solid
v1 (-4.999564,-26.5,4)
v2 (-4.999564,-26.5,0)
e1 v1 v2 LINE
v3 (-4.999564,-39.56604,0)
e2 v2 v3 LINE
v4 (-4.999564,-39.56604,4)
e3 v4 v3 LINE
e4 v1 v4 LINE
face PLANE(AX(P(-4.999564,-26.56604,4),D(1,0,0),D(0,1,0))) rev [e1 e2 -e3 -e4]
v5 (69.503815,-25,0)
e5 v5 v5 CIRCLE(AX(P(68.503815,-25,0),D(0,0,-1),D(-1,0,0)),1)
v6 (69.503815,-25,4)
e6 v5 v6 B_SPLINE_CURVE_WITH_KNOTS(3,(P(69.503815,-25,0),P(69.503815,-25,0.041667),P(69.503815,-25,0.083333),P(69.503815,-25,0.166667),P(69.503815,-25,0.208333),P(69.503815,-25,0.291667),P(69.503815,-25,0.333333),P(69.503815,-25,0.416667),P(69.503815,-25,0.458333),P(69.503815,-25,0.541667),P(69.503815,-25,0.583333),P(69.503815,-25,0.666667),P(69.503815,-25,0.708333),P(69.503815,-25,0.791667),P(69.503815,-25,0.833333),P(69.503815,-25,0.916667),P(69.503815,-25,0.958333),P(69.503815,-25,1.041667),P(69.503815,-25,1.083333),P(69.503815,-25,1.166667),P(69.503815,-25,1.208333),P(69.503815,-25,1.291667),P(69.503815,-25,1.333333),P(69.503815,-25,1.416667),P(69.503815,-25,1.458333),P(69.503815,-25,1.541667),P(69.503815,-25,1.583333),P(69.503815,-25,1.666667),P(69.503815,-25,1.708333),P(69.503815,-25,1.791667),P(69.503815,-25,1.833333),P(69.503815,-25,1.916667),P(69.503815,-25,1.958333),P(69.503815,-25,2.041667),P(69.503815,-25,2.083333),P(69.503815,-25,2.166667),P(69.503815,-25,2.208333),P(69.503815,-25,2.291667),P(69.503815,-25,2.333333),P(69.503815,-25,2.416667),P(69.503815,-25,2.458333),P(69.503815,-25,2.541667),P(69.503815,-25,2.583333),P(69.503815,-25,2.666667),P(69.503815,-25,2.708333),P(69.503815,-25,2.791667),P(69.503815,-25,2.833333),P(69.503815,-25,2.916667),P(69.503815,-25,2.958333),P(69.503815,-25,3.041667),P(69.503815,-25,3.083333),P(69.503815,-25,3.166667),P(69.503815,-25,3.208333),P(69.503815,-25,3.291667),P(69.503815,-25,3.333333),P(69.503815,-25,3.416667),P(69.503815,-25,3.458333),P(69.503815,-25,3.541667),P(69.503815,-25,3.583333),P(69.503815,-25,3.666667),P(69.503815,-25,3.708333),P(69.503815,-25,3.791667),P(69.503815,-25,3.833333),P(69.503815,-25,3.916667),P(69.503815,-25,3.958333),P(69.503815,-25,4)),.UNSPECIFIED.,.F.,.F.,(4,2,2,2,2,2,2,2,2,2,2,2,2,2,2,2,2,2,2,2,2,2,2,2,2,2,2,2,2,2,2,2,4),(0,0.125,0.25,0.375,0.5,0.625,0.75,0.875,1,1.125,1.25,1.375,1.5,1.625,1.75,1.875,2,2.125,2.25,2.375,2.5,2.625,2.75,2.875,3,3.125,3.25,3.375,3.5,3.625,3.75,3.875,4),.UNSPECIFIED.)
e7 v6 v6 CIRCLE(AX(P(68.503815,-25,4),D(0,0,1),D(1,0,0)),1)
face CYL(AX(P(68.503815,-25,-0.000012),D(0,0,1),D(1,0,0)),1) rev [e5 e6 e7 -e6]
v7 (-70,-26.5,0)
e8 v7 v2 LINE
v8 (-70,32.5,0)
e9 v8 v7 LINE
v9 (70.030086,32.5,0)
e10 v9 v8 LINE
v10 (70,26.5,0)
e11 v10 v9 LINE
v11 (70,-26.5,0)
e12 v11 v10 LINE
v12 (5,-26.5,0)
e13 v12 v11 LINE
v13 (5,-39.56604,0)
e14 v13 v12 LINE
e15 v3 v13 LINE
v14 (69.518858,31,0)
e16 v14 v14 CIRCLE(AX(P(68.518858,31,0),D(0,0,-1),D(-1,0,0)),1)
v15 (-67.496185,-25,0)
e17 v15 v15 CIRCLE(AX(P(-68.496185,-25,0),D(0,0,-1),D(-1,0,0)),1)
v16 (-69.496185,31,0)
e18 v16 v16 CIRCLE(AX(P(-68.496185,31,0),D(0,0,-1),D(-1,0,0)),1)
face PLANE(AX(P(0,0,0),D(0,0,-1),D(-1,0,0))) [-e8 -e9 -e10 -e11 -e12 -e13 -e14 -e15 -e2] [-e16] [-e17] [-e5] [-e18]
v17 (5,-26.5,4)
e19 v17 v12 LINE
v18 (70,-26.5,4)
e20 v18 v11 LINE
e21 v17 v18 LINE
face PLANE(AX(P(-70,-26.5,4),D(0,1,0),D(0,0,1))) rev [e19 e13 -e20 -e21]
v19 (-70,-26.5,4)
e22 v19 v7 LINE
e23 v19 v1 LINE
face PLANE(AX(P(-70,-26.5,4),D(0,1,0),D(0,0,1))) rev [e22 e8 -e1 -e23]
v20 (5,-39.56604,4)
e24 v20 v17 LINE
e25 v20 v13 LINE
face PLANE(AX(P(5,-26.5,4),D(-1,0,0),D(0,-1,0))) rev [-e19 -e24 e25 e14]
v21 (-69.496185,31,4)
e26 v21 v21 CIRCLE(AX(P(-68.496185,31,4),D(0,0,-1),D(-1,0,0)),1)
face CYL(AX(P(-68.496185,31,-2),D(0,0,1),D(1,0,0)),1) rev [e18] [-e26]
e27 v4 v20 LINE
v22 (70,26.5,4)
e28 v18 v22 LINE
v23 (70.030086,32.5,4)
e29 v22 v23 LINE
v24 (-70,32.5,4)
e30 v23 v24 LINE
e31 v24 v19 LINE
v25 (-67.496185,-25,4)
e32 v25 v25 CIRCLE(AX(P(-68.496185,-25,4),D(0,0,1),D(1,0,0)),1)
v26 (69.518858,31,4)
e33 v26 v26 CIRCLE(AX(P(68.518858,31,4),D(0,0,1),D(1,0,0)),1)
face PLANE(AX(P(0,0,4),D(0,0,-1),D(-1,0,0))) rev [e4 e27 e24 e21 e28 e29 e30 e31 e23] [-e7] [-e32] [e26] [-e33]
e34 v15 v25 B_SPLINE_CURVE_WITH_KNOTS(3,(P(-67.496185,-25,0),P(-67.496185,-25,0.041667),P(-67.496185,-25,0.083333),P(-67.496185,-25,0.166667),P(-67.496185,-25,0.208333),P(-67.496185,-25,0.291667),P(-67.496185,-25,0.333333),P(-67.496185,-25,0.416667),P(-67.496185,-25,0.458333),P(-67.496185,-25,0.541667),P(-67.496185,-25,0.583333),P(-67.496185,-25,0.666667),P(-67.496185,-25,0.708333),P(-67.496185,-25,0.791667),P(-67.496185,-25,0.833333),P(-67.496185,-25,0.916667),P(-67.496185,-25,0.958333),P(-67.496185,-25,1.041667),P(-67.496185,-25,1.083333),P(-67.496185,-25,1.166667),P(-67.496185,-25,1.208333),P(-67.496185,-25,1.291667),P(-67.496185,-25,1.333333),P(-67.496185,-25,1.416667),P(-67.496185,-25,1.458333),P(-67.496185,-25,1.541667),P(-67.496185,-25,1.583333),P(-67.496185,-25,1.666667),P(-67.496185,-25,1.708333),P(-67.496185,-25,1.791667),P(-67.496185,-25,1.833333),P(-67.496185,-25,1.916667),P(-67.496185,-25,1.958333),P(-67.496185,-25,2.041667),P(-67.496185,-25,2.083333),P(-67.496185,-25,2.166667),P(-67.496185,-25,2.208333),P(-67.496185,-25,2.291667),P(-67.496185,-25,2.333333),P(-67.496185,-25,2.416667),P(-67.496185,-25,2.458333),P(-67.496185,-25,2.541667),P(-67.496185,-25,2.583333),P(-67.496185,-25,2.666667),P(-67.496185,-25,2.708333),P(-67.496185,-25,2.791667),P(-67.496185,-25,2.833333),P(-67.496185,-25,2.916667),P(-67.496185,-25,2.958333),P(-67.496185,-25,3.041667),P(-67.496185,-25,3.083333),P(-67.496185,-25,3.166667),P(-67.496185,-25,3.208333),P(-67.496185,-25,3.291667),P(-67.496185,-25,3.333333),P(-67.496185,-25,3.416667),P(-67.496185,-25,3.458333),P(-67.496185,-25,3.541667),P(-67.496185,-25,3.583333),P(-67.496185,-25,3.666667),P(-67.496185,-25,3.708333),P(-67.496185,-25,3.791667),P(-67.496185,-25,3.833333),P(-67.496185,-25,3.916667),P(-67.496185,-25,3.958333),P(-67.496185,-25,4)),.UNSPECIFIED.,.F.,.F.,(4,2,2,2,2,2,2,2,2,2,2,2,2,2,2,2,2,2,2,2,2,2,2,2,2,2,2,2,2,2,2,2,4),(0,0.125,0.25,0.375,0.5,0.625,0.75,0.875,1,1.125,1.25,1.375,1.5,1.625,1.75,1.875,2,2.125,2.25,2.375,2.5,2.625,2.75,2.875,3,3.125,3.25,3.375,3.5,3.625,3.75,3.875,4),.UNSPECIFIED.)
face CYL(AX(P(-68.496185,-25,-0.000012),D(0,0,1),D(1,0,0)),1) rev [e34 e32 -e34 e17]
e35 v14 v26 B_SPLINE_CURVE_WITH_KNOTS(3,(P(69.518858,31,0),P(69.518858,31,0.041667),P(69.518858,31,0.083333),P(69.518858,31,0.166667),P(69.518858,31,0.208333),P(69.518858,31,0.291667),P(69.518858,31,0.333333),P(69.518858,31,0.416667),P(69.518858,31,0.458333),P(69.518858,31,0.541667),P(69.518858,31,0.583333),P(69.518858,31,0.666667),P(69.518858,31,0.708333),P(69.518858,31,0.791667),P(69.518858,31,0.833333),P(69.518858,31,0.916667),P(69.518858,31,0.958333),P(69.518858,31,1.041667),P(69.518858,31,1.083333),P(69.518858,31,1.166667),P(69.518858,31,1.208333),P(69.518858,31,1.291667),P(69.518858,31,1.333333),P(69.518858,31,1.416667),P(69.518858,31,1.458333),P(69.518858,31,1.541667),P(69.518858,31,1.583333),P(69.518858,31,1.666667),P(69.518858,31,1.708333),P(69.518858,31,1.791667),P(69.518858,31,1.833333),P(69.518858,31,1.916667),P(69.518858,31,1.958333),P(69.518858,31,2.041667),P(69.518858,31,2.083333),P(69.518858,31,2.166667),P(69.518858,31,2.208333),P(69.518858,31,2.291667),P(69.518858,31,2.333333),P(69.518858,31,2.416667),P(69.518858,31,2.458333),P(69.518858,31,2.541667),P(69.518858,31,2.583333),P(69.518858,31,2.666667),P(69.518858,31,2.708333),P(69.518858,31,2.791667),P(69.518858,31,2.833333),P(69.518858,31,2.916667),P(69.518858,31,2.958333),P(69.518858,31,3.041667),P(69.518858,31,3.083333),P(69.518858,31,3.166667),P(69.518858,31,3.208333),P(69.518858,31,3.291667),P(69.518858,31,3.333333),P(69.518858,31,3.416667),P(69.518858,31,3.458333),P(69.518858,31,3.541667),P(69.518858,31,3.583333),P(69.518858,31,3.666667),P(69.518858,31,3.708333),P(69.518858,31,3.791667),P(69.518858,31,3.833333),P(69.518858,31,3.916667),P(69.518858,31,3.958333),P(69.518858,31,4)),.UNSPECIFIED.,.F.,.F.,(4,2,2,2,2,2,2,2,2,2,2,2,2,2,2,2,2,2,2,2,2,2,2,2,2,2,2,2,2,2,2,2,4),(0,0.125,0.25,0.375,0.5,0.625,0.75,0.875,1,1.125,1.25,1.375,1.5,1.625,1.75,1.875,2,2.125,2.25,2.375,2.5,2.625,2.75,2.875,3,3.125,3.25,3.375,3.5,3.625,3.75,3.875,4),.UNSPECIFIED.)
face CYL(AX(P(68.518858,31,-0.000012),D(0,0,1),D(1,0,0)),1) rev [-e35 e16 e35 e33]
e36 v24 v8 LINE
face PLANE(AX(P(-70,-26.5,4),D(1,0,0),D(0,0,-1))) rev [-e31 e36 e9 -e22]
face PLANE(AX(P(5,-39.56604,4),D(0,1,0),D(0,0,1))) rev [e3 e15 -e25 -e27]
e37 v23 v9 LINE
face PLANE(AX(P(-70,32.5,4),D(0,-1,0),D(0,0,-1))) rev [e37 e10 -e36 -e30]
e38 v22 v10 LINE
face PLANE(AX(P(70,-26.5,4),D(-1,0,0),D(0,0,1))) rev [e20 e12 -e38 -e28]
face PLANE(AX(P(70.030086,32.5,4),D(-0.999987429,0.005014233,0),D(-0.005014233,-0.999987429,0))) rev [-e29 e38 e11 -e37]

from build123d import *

# Parameters (mm, degrees)
BOSS_EXTRUDE1_DEPTH     = 4
SKETCH1_W               = 140
SKETCH1_H               = 53
BOSS_EXTRUDE2_DEPTH     = 4
BOSS_EXTRUDE3_DEPTH     = 4
CUT_EXTRUDE1_DEPTH      = 5
CUT_EXTRUDE1_DEPTH_BACK = 2
CUT_EXTRUDE4_DEPTH      = 81.533747288
CUT_EXTRUDE4_DEPTH_BACK = 81.533747288
SKETCH4_R               = 1


with BuildPart() as part:
    # Sketch3 → Boss-Extrude1 (new body)
    with BuildSketch(Plane.XY):
        Polygon((0, -26.5), (5, -26.5), (5, -39.566040215), (-4.99956385, -39.566040215), (-4.99956385, -26.566040215), (-4.99956385, -26.5), align=None)
    extrude(amount=BOSS_EXTRUDE1_DEPTH)

    # Sketch1 → Boss-Extrude2 (add)
    with BuildSketch(Plane.XY):
        Rectangle(SKETCH1_W, SKETCH1_H)
    extrude(amount=BOSS_EXTRUDE2_DEPTH)

    # Sketch5 → Boss-Extrude3 (add)
    with BuildSketch(Plane.XY):
        Polygon((-70, 26.5), (-70, 32.5), (70.030085777, 32.5), (70, 26.5), align=None)
    extrude(amount=BOSS_EXTRUDE3_DEPTH)

    # Sketch6 → Cut-Extrude1 (cut, two sides: drawn at the far end of the back side and taken through both)
    with BuildSketch(Plane.XY.offset(-CUT_EXTRUDE1_DEPTH_BACK)):
        with BuildLine():
            ThreePointArc((-67.496184759, 31), (-68.114088128, 31.924122375), (-69.204189088, 31.706208093))
            Line((-69.204189088, 31.706208093), (-67.78818043, 30.293791907))
            ThreePointArc((-67.78818043, 30.293791907), (-67.572062384, 30.617903369), (-67.496184759, 31))
        make_face()
        with BuildLine():
            Line((-67.78818043, 30.293791907), (-69.204189088, 31.706208093))
            ThreePointArc((-69.204189088, 31.706208093), (-69.202392852, 30.291995671), (-67.78818043, 30.293791907))
        make_face()
    extrude(amount=CUT_EXTRUDE1_DEPTH + CUT_EXTRUDE1_DEPTH_BACK, mode=Mode.SUBTRACT)

    # Sketch4 → Cut-Extrude4 (cut, two sides: drawn at the far end of the back side and taken through both)
    with BuildSketch(Plane.XY.offset(-CUT_EXTRUDE4_DEPTH_BACK)):
        with Locations((-68.496184759, -25)):
            Circle(SKETCH4_R)
        with Locations((68.503815241, -25)):
            Circle(SKETCH4_R)
        with Locations((68.518858129, 31)):
            Circle(SKETCH4_R)
    extrude(amount=CUT_EXTRUDE4_DEPTH + CUT_EXTRUDE4_DEPTH_BACK, mode=Mode.SUBTRACT)


solid = part.part
